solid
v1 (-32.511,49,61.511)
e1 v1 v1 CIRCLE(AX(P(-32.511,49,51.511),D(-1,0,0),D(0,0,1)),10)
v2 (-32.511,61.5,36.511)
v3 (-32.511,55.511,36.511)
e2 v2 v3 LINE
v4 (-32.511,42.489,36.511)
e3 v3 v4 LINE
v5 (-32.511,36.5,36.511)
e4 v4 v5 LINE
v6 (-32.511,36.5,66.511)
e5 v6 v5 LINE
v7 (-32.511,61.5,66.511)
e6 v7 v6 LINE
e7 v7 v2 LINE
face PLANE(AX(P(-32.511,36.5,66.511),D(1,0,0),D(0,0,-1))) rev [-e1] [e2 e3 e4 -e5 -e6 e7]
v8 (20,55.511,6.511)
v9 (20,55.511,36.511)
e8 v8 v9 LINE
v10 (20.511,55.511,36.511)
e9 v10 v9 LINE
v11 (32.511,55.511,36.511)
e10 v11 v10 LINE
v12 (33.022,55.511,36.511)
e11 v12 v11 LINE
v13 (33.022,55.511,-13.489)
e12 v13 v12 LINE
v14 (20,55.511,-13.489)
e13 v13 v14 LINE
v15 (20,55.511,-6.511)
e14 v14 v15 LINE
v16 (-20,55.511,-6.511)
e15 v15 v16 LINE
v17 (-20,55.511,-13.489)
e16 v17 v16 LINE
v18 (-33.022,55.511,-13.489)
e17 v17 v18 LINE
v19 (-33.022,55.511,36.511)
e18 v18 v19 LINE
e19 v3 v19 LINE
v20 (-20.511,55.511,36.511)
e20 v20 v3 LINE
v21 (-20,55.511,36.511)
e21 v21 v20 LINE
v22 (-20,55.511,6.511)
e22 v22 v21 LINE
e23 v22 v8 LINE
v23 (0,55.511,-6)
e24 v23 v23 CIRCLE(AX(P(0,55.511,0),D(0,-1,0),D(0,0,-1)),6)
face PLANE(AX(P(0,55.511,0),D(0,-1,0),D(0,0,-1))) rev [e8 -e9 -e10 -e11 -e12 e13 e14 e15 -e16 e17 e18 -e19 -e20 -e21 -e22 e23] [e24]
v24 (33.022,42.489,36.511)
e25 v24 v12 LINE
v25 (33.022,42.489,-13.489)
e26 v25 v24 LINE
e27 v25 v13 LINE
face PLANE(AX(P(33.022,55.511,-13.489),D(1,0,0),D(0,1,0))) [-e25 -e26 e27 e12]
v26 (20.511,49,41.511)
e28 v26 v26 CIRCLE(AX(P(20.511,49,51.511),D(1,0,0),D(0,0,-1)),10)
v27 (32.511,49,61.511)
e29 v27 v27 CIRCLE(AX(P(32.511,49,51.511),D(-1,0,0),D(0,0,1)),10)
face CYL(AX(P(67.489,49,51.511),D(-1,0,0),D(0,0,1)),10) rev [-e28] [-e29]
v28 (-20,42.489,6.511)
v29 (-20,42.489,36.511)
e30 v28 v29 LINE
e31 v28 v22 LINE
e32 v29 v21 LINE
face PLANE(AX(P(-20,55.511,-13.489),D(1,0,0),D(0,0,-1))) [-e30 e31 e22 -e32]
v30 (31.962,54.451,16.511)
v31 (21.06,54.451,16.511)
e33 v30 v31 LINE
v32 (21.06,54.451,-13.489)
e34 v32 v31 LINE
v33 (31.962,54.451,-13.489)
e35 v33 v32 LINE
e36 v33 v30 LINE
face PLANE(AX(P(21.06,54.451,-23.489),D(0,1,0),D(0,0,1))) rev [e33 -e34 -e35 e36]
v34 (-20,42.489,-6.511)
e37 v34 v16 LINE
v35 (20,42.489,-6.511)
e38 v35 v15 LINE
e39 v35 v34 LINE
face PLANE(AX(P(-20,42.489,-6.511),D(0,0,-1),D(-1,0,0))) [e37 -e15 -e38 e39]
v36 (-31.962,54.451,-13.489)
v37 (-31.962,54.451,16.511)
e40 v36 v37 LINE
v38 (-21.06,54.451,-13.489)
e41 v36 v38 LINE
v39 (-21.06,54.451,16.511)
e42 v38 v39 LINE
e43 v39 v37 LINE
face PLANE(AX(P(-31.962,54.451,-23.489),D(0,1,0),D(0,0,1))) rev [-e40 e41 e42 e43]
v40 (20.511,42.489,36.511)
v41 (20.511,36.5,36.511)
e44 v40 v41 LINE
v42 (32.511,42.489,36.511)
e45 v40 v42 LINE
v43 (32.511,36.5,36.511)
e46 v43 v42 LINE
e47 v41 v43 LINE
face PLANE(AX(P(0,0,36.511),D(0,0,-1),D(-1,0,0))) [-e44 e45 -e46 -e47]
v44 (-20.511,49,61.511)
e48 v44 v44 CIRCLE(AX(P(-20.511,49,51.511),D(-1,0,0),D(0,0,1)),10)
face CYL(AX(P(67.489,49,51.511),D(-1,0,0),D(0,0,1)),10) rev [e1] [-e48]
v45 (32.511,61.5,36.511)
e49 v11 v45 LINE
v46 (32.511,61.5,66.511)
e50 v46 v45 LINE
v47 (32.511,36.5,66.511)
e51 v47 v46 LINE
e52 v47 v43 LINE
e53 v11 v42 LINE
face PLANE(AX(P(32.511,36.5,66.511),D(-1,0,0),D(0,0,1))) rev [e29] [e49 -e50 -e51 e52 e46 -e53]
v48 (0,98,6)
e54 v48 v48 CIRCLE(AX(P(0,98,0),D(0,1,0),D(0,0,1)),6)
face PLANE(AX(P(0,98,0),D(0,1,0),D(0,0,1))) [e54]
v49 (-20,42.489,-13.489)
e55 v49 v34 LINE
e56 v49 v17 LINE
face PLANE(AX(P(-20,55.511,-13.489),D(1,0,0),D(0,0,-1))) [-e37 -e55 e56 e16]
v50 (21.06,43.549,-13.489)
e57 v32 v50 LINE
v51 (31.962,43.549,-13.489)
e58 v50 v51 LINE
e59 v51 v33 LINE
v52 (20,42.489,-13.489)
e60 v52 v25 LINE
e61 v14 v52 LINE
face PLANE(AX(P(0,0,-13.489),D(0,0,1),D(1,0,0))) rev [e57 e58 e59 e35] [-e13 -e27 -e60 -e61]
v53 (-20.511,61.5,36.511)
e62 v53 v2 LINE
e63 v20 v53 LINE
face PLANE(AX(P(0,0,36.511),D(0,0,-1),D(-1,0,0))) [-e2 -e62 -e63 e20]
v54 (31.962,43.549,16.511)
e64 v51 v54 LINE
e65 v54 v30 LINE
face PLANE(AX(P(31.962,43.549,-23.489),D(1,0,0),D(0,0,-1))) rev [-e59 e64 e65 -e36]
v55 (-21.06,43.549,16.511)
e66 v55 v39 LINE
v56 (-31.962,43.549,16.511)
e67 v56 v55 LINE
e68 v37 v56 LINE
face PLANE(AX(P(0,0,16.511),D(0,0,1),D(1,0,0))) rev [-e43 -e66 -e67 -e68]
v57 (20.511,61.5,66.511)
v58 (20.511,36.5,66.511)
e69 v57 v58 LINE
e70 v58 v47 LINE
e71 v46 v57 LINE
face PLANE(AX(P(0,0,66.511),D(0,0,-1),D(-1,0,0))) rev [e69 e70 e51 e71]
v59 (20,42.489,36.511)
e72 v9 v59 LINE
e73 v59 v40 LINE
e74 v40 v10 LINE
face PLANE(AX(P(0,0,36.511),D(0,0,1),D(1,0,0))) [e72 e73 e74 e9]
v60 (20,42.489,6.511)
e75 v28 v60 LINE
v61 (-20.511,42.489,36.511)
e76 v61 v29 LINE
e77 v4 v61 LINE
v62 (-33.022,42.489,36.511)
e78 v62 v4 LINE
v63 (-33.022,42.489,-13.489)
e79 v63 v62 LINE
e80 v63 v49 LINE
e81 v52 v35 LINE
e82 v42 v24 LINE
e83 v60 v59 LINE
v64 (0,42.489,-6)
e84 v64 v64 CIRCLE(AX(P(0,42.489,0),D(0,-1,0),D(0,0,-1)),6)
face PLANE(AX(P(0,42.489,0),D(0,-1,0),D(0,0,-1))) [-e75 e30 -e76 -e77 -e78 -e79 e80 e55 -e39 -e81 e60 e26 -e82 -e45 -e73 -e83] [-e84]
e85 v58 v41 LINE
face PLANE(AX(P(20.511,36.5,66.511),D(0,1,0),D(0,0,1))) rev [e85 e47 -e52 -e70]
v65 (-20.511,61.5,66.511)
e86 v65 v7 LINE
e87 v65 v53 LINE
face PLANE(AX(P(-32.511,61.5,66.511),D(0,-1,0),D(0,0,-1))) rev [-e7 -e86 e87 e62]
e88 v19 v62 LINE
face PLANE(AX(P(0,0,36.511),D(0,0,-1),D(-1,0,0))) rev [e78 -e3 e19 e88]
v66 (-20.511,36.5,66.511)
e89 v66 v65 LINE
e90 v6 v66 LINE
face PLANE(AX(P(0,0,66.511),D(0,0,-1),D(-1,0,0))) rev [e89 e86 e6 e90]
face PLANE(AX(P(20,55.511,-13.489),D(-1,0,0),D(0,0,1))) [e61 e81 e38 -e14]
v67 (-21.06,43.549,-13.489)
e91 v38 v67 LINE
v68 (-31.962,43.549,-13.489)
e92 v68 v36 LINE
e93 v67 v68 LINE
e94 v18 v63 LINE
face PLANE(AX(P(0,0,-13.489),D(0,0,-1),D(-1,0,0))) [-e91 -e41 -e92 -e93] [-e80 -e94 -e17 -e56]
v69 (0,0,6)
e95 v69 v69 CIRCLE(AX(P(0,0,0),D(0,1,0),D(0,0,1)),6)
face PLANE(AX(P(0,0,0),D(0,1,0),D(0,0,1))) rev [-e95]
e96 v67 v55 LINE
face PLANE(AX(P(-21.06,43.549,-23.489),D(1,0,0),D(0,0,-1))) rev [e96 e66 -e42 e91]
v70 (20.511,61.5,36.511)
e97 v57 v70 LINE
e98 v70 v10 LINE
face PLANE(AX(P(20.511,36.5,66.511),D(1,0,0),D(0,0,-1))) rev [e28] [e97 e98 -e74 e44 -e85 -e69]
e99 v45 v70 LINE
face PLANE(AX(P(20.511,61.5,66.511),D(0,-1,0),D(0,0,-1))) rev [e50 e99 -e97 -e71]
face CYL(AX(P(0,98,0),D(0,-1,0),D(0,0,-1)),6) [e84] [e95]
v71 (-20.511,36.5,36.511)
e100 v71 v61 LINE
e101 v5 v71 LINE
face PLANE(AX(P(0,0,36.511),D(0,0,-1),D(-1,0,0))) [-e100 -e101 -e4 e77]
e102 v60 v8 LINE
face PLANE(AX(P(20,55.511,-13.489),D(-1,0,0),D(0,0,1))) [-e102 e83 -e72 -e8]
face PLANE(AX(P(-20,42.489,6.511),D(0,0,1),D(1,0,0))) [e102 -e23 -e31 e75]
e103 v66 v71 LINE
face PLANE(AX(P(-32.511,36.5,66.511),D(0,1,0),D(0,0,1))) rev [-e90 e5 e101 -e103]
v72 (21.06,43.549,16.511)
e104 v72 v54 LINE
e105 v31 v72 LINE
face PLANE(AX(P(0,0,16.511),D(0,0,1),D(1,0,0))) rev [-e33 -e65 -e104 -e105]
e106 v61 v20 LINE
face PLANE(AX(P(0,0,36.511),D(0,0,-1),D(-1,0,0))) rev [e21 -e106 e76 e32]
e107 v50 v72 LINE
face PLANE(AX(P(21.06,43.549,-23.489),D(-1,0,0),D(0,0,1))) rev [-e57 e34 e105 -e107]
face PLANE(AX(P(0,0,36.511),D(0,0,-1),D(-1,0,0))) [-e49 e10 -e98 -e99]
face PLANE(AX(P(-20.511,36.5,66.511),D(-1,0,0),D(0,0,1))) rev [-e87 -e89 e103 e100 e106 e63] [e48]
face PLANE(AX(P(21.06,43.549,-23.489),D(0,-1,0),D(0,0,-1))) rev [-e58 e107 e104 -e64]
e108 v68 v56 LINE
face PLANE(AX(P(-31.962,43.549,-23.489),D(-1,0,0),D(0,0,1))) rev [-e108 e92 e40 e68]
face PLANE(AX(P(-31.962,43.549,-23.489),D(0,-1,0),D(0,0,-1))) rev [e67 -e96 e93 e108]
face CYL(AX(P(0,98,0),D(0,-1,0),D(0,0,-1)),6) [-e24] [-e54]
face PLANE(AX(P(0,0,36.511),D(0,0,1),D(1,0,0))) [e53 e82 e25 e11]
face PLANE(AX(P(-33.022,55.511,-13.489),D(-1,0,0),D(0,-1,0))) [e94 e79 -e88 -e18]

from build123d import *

# Parameters (mm, degrees)
SKETCH1_R                = 6
BOSS_EXTRUDE1_DEPTH      = 98
BOSS_EXTRUDE2_START      = -42.489
SKETCH2_W                = 40
SKETCH2_H                = 13.022
BOSS_EXTRUDE2_DEPTH      = 13.022
BOSS_EXTRUDE3_DEPTH      = 30
BOSS_EXTRUDE3_DEPTH_BACK = 20
SKETCH4_W                = 13.022
SKETCH4_H                = 13.022
SKETCH6_W                = 10.902
SKETCH6_H                = 10.902
CUT_EXTRUDE1_DEPTH       = 60
BOSS_EXTRUDE4_START      = 10
SKETCH7_W                = 10.902
SKETCH7_H                = 10.902
BOSS_EXTRUDE4_DEPTH      = 20
SKETCH8_W                = 12
SKETCH8_H                = 25
BOSS_EXTRUDE5_DEPTH      = 30
SKETCH9_R                = 10
CUT_EXTRUDE2_DEPTH       = 100


with BuildPart() as part:
    # Sketch1 → Boss-Extrude1 (new body)
    with BuildSketch(Plane(origin=(0, 0, 0), x_dir=(1, 0, 0), z_dir=(0, 1, 0))):
        with Locations(Location((0, 0, 0), (0, 0, 270))):
            Circle(SKETCH1_R)
    extrude(amount=BOSS_EXTRUDE1_DEPTH)

    # Sketch2 → Boss-Extrude2 (add)
    with BuildSketch(Plane(origin=(0, 98, 0), x_dir=(1, 0, 0), z_dir=(0, 1, 0)).offset(BOSS_EXTRUDE2_START)):
        Rectangle(SKETCH2_W, SKETCH2_H)
    extrude(amount=-BOSS_EXTRUDE2_DEPTH)

    # Sketch4 → Boss-Extrude3 (add, two sides: drawn at the far end of the back side and taken through both)
    with BuildSketch(Plane.XY.offset(6.511).offset(-BOSS_EXTRUDE3_DEPTH_BACK)):
        with Locations((-26.511, 49)):
            Rectangle(SKETCH4_W, SKETCH4_H)
        with Locations((26.511, 49)):
            Rectangle(SKETCH4_W, SKETCH4_H)
    extrude(amount=BOSS_EXTRUDE3_DEPTH + BOSS_EXTRUDE3_DEPTH_BACK)

    # Sketch6 → Cut-Extrude1 (cut)
    with BuildSketch(Plane.XY.offset(36.511)):
        with Locations((-26.511, 49)):
            Rectangle(SKETCH6_W, SKETCH6_H)
        with Locations((26.511, 49)):
            Rectangle(SKETCH6_W, SKETCH6_H)
    extrude(amount=-CUT_EXTRUDE1_DEPTH, mode=Mode.SUBTRACT)

    # Sketch7 → Boss-Extrude4 (add)
    with BuildSketch(Plane.XY.offset(6.511).offset(BOSS_EXTRUDE4_START)):
        with Locations((-26.511, 49)):
            Rectangle(SKETCH7_W, SKETCH7_H)
        with Locations((26.511, 49)):
            Rectangle(SKETCH7_W, SKETCH7_H)
    extrude(amount=BOSS_EXTRUDE4_DEPTH)

    # Sketch8 → Boss-Extrude5 (add)
    with BuildSketch(Plane.XY.offset(36.511)):
        with Locations((-26.511, 49)):
            Rectangle(SKETCH8_W, SKETCH8_H)
        with Locations((26.511, 49)):
            Rectangle(SKETCH8_W, SKETCH8_H)
    extrude(amount=BOSS_EXTRUDE5_DEPTH)

    # Sketch9 → Cut-Extrude2 (cut)
    with BuildSketch(Plane.ZY.offset(32.511)):
        with Locations((51.511, 49)):
            Circle(SKETCH9_R)
    extrude(amount=-CUT_EXTRUDE2_DEPTH, mode=Mode.SUBTRACT)


solid = part.part
